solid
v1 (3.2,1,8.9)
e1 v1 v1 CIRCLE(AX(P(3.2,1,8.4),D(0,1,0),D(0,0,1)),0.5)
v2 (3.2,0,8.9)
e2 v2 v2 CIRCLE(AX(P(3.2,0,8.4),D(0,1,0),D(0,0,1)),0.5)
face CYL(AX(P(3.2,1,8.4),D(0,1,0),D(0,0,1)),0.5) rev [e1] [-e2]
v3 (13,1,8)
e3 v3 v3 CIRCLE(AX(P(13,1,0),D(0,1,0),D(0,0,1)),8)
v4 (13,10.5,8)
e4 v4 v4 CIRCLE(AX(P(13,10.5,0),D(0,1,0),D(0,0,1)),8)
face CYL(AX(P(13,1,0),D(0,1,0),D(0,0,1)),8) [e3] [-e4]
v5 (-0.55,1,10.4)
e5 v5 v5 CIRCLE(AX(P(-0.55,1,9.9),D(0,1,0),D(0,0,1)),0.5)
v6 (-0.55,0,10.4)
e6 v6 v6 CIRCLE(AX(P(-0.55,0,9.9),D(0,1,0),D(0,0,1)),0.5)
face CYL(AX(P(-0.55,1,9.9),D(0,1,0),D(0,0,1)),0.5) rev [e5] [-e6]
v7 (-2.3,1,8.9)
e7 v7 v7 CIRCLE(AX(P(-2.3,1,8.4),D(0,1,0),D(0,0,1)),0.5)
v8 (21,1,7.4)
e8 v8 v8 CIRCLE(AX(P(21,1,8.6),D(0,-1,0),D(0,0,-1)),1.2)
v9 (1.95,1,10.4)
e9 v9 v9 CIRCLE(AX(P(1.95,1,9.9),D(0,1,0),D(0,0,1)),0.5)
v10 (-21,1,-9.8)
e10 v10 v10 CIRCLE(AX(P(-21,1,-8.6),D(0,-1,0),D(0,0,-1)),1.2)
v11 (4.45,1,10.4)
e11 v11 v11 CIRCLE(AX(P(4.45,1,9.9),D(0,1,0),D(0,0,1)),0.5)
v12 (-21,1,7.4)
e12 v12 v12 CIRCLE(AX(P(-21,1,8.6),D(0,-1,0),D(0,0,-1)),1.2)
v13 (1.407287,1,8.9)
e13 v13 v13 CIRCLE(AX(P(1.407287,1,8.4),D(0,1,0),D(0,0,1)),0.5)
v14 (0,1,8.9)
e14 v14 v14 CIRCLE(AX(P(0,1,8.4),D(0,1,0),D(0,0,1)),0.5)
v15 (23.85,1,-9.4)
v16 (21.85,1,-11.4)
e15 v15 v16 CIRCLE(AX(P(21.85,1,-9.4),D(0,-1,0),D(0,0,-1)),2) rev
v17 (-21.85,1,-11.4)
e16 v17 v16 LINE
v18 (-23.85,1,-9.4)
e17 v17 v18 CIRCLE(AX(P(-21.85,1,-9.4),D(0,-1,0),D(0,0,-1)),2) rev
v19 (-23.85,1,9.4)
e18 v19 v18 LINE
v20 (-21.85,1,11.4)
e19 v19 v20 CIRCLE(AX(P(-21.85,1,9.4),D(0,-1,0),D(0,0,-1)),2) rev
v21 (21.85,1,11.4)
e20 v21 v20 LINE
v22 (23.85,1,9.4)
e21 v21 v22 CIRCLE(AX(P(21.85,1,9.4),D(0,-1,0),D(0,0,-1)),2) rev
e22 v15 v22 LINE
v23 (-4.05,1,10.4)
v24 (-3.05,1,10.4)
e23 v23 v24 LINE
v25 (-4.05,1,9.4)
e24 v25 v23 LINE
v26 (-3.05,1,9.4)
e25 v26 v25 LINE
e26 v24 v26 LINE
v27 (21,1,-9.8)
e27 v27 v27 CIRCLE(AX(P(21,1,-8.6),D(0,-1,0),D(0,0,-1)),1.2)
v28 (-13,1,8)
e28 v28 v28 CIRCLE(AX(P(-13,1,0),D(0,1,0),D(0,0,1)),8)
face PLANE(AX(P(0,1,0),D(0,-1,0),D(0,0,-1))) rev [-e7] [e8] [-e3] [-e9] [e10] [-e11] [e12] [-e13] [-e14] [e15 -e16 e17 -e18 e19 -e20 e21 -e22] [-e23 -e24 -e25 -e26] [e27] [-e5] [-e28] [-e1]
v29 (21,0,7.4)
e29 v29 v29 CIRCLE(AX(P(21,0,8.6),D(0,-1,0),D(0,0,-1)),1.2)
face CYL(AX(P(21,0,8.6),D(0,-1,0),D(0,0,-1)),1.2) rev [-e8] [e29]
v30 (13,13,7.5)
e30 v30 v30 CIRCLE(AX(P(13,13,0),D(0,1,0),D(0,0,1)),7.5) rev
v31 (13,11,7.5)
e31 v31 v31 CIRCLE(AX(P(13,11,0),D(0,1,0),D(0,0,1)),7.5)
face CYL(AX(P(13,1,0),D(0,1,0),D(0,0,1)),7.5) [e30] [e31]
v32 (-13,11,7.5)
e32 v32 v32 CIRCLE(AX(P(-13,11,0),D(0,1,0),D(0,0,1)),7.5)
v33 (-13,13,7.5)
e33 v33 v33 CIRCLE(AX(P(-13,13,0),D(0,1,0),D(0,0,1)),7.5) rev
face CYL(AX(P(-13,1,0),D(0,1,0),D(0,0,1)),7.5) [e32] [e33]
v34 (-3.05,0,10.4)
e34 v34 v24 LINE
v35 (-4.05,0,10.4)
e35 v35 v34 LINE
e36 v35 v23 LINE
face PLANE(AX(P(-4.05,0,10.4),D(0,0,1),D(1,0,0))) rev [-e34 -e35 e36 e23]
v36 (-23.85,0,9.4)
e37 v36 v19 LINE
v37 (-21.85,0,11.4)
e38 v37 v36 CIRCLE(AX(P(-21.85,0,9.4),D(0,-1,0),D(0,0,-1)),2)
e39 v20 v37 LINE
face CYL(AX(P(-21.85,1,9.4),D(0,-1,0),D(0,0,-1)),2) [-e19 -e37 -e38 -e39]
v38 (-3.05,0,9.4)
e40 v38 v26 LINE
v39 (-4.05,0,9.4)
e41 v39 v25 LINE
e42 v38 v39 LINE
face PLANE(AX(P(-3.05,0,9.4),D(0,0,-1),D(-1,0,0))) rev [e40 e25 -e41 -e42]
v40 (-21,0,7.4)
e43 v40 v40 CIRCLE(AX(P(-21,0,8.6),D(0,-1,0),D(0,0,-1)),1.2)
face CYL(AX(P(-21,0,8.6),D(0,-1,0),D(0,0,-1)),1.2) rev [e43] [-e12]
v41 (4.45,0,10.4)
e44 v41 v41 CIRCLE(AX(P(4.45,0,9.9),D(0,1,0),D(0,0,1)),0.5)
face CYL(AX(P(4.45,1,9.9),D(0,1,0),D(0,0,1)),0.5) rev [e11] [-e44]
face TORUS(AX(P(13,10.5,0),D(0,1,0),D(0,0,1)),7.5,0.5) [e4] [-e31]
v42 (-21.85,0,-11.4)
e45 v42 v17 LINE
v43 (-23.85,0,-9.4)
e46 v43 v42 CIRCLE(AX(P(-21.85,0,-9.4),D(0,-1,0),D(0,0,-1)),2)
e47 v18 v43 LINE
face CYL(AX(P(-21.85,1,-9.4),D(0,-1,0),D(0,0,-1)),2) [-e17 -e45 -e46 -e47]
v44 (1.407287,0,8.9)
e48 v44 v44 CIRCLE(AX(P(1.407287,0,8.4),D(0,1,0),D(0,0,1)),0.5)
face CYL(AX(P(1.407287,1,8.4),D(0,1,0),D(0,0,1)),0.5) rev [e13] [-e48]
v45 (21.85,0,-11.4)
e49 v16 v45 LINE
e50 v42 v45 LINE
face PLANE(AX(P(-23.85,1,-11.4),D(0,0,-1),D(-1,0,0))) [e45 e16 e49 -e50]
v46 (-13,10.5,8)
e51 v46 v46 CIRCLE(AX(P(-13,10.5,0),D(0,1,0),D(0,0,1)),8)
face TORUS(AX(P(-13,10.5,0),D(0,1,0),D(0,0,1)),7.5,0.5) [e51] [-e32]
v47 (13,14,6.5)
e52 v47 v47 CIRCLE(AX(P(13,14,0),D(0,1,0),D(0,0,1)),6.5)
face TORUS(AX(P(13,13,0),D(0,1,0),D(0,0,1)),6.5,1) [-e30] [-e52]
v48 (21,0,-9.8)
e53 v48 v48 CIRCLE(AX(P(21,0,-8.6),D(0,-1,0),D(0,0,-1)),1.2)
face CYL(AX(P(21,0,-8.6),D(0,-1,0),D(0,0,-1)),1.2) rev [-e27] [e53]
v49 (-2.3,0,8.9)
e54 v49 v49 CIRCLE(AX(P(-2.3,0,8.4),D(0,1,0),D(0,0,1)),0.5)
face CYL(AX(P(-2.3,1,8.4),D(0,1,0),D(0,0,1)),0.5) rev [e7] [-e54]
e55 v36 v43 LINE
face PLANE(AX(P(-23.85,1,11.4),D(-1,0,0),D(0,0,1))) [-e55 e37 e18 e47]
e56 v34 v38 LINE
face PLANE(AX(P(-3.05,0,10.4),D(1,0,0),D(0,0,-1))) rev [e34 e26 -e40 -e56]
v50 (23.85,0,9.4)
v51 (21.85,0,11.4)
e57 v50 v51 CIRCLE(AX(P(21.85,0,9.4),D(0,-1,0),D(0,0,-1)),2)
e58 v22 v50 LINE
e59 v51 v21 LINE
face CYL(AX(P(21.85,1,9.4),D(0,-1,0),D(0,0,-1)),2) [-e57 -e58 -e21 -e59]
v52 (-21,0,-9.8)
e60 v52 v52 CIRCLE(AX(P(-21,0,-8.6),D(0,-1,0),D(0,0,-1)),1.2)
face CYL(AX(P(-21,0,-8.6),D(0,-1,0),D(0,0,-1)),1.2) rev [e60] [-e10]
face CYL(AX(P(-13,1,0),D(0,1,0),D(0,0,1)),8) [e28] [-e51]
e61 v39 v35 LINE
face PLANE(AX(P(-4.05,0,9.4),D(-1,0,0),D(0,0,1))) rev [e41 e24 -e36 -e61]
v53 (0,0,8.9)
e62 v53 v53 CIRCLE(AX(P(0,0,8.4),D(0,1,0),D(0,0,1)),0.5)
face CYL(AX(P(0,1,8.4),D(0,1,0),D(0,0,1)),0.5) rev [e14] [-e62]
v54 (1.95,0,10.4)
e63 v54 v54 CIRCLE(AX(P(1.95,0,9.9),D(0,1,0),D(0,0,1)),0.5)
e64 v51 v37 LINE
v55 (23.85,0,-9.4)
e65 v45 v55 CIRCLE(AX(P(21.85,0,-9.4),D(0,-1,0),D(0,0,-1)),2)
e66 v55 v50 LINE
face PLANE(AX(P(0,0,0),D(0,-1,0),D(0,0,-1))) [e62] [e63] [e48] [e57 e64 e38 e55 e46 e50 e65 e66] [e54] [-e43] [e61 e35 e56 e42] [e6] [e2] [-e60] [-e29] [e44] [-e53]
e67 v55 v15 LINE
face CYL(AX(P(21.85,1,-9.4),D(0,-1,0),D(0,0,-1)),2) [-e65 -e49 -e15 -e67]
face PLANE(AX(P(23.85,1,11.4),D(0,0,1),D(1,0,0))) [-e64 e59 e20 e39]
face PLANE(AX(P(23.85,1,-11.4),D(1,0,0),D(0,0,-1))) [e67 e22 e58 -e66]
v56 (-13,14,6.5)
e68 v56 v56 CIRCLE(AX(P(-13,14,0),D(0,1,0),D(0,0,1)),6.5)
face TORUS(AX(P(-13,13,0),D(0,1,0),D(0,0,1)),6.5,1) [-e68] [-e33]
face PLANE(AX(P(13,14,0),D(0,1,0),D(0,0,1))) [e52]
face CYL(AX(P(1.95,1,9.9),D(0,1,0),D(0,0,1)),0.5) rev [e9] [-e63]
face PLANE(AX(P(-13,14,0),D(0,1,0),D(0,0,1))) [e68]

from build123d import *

# Parameters (mm, degrees)
SKETCH_1_W                  = 47.7
SKETCH_1_H                  = 22.8
EXTRUDE_1_DEPTH             = 1
SKETCH_2_W                  = 1
SKETCH_2_H                  = 1
CUT_EXTRUDE_1_DEPTH         = 27.453402428
HOLE_WIZARD_1_0_1_1_D       = 1
HOLE_WIZARD_2_4_2_4_1_D     = 2.4
HOLE_WIZARD_2_4_2_4_1_DEPTH = 14
FILLET_1_R                  = 1
FILLET_2_R                  = 2


with BuildPart() as part:
    # 草图1 → 凸台-拉伸1 (new body)
    with BuildSketch(Plane.XZ):
        Rectangle(SKETCH_1_W, SKETCH_1_H)
    extrude(amount=-EXTRUDE_1_DEPTH)

    # 草图2 → 切除-拉伸1 (cut, through all)
    with BuildSketch(Plane(origin=(0, 1, 0), x_dir=(-1, 0, 0), z_dir=(0, 1, 0))):
        with Locations((3.55, 9.9)):
            Rectangle(SKETCH_2_W, SKETCH_2_H)
    extrude(amount=-CUT_EXTRUDE_1_DEPTH, mode=Mode.SUBTRACT)

    # 草图3 → 旋转1 (revolve)
    with BuildSketch(Plane(origin=(0, 0, 0), x_dir=(-1, 0, 0), z_dir=(0, 0, -1)), mode=Mode.PRIVATE) as revolve_1_sk:
        with BuildLine():
            Line((-21, 1), (-13, 1))
            Line((-13, 1), (-13, 14))
            Line((-13, 14), (-20.5, 14))
            Line((-20.5, 14), (-20.5, 11))
            ThreePointArc((-20.5, 11), (-20.853553391, 10.853553391), (-21, 10.5))
            Line((-21, 10.5), (-21, 1))
        make_face()
    revolve(revolve_1_sk.sketch.rotate(Axis((13, 1, 0), (0, 1, 0)), 270), axis=Axis((13, 1, 0), (0, 1, 0)))

    # 草图4 → 旋转2 (revolve)
    with BuildSketch(Plane(origin=(0, 0, 0), x_dir=(-1, 0, 0), z_dir=(0, 0, -1)), mode=Mode.PRIVATE) as revolve_2_sk:
        with BuildLine():
            Line((5, 1), (13, 1))
            Line((13, 1), (13, 14))
            Line((13, 14), (5.5, 14))
            Line((5.5, 14), (5.5, 11))
            ThreePointArc((5.5, 11), (5.146446609, 10.853553391), (5, 10.5))
            Line((5, 10.5), (5, 1))
        make_face()
    revolve(revolve_2_sk.sketch.rotate(Axis((-13, 1, 0), (0, 1, 0)), 270), axis=Axis((-13, 1, 0), (0, 1, 0)))

    # Ø1.0 (1) 直径孔1 (through all)
    with Locations(Plane(origin=(0, 1, 0), x_dir=(1, 0, 0), z_dir=(0, 1, 0))):
        with Locations((-0.55, -9.9), (1.95, -9.9), (4.45, -9.9), (-2.3, -8.4), (0, -8.4), (3.2, -8.4), (1.407287445, -8.4)):
            Hole(HOLE_WIZARD_1_0_1_1_D / 2)

    # Ø2.4 (2.4) 直径孔1
    with Locations(Plane(origin=(0, 0, 0), x_dir=(-1, 0, 0), z_dir=(0, -1, 0))):
        with Locations((21, 8.6), (-21, 8.6), (-21, -8.6), (21, -8.6)):
            Hole(HOLE_WIZARD_2_4_2_4_1_D / 2, depth=HOLE_WIZARD_2_4_2_4_1_DEPTH)

    # 圆角1
    fillet_1_edges = [part.edges().sort_by_distance(p)[0] for p in [
        (13, 14, -7.5),
        (-13, 14, -7.5),
    ]]
    fillet(fillet_1_edges, radius=FILLET_1_R)

    # 圆角2
    fillet_2_edges = [part.edges().sort_by_distance(p)[0] for p in [
        (-23.85, 0.5, 11.4),
        (23.85, 0.5, 11.4),
        (23.85, 0.5, -11.4),
        (-23.85, 0.5, -11.4),
    ]]
    fillet(fillet_2_edges, radius=FILLET_2_R)


solid = part.part
